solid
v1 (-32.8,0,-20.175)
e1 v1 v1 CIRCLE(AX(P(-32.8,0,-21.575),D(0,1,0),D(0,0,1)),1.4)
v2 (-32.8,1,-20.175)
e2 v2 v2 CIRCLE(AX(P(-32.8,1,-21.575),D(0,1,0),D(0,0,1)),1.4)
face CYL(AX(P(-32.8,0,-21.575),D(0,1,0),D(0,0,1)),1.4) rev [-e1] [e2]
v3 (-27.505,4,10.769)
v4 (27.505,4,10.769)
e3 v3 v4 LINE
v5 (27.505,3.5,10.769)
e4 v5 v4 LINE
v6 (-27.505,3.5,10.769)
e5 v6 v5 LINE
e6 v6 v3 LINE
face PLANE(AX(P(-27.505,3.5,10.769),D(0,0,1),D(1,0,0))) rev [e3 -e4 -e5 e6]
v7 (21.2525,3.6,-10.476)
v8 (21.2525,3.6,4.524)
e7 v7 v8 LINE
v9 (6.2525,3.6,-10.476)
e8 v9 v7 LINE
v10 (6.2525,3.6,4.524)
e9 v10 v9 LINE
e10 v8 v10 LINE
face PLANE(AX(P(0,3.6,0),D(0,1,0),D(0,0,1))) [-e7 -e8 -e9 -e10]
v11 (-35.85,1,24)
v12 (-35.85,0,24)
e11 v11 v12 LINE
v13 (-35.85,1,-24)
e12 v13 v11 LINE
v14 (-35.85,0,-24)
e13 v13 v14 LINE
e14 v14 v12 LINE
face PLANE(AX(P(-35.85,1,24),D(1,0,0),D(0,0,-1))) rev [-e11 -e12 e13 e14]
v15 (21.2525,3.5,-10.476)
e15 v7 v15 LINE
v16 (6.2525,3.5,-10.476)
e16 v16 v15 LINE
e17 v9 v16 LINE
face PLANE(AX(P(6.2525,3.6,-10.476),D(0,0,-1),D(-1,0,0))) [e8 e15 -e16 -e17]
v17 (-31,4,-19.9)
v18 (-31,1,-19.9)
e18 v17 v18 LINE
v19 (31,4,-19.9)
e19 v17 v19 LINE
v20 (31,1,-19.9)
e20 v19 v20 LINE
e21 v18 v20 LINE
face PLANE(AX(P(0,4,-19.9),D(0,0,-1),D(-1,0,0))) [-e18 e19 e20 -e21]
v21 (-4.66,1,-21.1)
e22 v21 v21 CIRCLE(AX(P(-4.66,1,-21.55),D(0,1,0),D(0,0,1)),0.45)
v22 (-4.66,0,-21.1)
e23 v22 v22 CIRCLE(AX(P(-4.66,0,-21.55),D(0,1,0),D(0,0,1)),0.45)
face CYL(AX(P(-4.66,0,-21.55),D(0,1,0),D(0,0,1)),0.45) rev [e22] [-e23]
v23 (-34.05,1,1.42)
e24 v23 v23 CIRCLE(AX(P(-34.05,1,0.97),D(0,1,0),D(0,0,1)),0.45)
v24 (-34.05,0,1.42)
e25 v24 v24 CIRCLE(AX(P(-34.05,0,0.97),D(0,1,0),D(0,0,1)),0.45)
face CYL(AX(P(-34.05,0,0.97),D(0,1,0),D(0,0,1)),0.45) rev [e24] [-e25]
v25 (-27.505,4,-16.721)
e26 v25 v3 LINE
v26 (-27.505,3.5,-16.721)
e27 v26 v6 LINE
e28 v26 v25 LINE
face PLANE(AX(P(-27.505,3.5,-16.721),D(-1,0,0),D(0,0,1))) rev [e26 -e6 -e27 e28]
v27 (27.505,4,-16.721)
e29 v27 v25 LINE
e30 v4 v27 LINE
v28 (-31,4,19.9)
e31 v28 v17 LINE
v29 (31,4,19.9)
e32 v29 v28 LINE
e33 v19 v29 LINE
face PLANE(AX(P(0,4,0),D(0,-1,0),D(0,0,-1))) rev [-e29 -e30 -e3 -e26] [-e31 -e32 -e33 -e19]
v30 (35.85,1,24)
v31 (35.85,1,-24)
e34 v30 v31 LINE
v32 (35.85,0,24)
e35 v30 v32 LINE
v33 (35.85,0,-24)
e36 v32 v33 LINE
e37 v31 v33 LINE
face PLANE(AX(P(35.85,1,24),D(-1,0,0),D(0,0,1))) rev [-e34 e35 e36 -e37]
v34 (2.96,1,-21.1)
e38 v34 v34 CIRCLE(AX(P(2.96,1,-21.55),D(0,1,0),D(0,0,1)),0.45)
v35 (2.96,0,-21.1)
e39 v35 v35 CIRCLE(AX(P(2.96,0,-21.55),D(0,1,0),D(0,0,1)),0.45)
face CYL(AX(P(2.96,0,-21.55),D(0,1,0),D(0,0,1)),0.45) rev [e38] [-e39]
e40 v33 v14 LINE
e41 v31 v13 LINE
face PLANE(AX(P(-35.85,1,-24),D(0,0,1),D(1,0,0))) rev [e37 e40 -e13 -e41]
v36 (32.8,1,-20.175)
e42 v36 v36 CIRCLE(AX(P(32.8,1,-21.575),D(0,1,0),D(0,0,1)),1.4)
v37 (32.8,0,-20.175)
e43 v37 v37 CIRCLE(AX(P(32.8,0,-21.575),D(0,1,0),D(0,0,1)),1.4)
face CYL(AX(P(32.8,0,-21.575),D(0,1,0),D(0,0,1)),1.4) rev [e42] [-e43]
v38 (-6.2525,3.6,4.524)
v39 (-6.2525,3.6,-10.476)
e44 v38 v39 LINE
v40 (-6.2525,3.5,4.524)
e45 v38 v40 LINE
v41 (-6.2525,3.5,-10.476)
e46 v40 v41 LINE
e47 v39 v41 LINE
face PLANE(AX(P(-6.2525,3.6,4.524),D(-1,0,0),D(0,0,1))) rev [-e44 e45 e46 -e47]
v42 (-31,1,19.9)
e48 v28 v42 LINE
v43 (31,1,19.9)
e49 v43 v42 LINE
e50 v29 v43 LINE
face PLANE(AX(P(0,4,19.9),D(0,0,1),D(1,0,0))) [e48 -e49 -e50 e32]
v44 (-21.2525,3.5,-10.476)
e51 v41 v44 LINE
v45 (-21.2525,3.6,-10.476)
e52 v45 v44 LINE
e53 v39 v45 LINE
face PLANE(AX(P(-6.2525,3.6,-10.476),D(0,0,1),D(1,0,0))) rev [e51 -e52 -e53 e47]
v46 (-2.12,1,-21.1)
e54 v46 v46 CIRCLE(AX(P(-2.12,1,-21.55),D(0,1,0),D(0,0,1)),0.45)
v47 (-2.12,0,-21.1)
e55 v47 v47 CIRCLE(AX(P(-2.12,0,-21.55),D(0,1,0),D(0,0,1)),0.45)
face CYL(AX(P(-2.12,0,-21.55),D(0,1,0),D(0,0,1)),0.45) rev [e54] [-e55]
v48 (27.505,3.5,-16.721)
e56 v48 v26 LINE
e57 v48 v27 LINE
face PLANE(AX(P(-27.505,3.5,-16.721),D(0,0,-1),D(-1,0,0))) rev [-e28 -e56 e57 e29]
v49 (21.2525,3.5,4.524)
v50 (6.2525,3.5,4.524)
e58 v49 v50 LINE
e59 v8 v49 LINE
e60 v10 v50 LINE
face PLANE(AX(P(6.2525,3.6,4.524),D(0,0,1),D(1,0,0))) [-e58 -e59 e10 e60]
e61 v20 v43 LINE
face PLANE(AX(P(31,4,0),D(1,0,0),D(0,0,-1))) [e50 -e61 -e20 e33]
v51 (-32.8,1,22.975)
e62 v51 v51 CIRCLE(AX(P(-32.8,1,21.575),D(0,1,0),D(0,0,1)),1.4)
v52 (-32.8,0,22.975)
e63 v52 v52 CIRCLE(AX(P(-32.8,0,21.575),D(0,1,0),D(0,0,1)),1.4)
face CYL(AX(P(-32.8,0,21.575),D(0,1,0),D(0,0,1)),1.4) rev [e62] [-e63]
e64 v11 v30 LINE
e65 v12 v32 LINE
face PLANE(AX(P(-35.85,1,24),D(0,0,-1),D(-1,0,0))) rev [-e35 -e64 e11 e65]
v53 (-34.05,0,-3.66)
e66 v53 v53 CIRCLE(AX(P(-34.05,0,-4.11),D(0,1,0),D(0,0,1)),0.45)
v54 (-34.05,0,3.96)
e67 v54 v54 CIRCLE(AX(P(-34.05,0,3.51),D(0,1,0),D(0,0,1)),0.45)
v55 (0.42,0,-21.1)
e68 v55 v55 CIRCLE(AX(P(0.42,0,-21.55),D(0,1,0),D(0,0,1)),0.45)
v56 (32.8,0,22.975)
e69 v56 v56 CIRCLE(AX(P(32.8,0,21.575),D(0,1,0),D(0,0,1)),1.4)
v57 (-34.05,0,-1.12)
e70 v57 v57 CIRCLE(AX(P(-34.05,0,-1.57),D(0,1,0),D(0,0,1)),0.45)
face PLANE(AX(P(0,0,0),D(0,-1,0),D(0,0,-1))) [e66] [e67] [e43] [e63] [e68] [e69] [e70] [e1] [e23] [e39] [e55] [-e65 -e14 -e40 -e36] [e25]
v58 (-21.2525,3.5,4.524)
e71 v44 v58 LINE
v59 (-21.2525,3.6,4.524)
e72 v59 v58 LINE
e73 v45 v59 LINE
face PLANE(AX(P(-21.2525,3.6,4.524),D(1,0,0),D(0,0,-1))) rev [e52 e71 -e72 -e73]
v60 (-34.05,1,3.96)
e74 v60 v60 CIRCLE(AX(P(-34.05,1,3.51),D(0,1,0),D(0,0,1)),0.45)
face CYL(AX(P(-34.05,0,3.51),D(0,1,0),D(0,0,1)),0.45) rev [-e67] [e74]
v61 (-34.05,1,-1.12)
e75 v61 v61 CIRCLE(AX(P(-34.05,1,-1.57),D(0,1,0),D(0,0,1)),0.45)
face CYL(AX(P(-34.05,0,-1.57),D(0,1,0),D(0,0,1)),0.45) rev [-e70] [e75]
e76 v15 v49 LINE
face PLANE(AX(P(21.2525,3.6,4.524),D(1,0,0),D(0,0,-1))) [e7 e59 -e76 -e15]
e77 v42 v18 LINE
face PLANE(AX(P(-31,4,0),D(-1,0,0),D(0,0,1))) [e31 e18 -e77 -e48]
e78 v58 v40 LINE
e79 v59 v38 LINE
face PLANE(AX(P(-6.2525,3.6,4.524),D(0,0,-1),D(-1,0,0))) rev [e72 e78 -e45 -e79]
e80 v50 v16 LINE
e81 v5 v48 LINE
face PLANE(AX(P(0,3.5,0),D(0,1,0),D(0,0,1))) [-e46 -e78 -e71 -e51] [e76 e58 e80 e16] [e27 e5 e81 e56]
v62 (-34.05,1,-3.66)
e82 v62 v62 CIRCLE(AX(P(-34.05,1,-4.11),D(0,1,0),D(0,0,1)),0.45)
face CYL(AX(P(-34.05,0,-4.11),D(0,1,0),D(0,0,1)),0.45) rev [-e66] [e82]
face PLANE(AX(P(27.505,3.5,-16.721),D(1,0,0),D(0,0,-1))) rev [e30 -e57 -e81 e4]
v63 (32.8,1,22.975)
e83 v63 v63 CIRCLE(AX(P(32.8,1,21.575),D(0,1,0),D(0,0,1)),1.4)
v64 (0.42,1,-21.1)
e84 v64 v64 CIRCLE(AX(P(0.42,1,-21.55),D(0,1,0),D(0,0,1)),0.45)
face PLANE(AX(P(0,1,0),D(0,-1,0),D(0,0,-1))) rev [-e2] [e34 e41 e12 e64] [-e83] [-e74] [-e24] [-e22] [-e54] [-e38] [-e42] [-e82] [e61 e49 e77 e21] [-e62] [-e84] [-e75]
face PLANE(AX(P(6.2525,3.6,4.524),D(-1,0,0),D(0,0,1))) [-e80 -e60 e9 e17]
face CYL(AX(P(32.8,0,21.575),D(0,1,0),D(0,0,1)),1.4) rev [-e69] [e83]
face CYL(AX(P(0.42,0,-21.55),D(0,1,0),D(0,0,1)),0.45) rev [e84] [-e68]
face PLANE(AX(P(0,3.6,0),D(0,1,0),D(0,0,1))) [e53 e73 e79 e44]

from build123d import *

# Parameters (mm, degrees)
SKETCH1_W           = 71.7
SKETCH1_H           = 48
BOSS_EXTRUDE1_DEPTH = 1
SKETCH2_R           = 1.4
CUT_EXTRUDE1_DEPTH  = 44.153476106
BOSS_EXTRUDE2_START = -1
SKETCH3_W           = 62
SKETCH3_H           = 39.8
BOSS_EXTRUDE2_DEPTH = 4
SKETCH4_W           = 55.01
SKETCH4_H           = 27.49
CUT_EXTRUDE2_DEPTH  = 0.5
SKETCH5_R           = 0.45
CUT_EXTRUDE3_DEPTH  = 44.246069186
LPATTERN1_COUNT     = 4
LPATTERN1_PITCH     = 2.54
SKETCH6_R           = 0.45
CUT_EXTRUDE4_DEPTH  = 44.246069186
LPATTERN2_COUNT     = 4
LPATTERN2_PITCH     = 2.54
SKETCH7_W           = 15
SKETCH7_H           = 15
BOSS_EXTRUDE3_DEPTH = 0.1


with BuildPart() as part:
    # Sketch1 → Boss-Extrude1 (new body)
    with BuildSketch(Plane(origin=(0, 0, 0), x_dir=(1, 0, 0), z_dir=(0, 1, 0))):
        Rectangle(SKETCH1_W, SKETCH1_H)
    extrude(amount=BOSS_EXTRUDE1_DEPTH)

    # Sketch2 → Cut-Extrude1 (cut, through all)
    with BuildSketch(Plane(origin=(0, 1, 0), x_dir=(1, 0, 0), z_dir=(0, 1, 0))):
        with Locations(Location((-32.8, 21.575, 0), (0, 0, 270))):
            Circle(SKETCH2_R)
        with Locations(Location((32.8, 21.575, 0), (0, 0, 270))):
            Circle(SKETCH2_R)
        with Locations(Location((-32.8, -21.575, 0), (0, 0, 270))):
            Circle(SKETCH2_R)
        with Locations(Location((32.8, -21.575, 0), (0, 0, 270))):
            Circle(SKETCH2_R)
    extrude(amount=-CUT_EXTRUDE1_DEPTH, mode=Mode.SUBTRACT)

    # Sketch3 → Boss-Extrude2 (add)
    with BuildSketch(Plane(origin=(0, 1, 0), x_dir=(1, 0, 0), z_dir=(0, 1, 0)).offset(BOSS_EXTRUDE2_START)):
        Rectangle(SKETCH3_W, SKETCH3_H)
    extrude(amount=BOSS_EXTRUDE2_DEPTH)

    # Sketch4 → Cut-Extrude2 (cut)
    with BuildSketch(Plane(origin=(0, 4, 0), x_dir=(1, 0, 0), z_dir=(0, 1, 0))):
        with Locations((0, 2.976)):
            Rectangle(SKETCH4_W, SKETCH4_H)
    extrude(amount=-CUT_EXTRUDE2_DEPTH, mode=Mode.SUBTRACT)

    # Sketch5 → Cut-Extrude3 (cut, through all)
    with BuildSketch(Plane(origin=(0, 1, 0), x_dir=(1, 0, 0), z_dir=(0, 1, 0))):
        with Locations(Location((-4.66, 21.55, 0), (0, 0, 270))):
            Circle(SKETCH5_R)
    cut_extrude3 = extrude(amount=-CUT_EXTRUDE3_DEPTH, mode=Mode.SUBTRACT)

    # LPattern1: Cut-Extrude3 ×4
    with Locations(*[(i * LPATTERN1_PITCH, 0, 0) for i in range(1, LPATTERN1_COUNT)]):
        add(cut_extrude3, mode=Mode.SUBTRACT)

    # Sketch6 → Cut-Extrude4 (cut, through all)
    with BuildSketch(Plane(origin=(0, 1, 0), x_dir=(1, 0, 0), z_dir=(0, 1, 0))):
        with Locations(Location((-34.05, 4.11, 0), (0, 0, 270))):
            Circle(SKETCH6_R)
    cut_extrude4 = extrude(amount=-CUT_EXTRUDE4_DEPTH, mode=Mode.SUBTRACT)

    # LPattern2: Cut-Extrude4 ×4
    with Locations(*[(0, 0, i * LPATTERN2_PITCH) for i in range(1, LPATTERN2_COUNT)]):
        add(cut_extrude4, mode=Mode.SUBTRACT)

    # Sketch7 → Boss-Extrude3 (add)
    with BuildSketch(Plane(origin=(0, 3.5, 0), x_dir=(1, 0, 0), z_dir=(0, 1, 0))):
        with Locations((-13.7525, 2.976)):
            Rectangle(SKETCH7_W, SKETCH7_H)
    boss_extrude3 = extrude(amount=BOSS_EXTRUDE3_DEPTH)

    # Mirror1: Boss-Extrude3 across plane
    add(boss_extrude3.mirror(Plane(origin=(0, 0, 0), x_dir=(0, 0, 1), z_dir=(1, 0, 0))))


solid = part.part
